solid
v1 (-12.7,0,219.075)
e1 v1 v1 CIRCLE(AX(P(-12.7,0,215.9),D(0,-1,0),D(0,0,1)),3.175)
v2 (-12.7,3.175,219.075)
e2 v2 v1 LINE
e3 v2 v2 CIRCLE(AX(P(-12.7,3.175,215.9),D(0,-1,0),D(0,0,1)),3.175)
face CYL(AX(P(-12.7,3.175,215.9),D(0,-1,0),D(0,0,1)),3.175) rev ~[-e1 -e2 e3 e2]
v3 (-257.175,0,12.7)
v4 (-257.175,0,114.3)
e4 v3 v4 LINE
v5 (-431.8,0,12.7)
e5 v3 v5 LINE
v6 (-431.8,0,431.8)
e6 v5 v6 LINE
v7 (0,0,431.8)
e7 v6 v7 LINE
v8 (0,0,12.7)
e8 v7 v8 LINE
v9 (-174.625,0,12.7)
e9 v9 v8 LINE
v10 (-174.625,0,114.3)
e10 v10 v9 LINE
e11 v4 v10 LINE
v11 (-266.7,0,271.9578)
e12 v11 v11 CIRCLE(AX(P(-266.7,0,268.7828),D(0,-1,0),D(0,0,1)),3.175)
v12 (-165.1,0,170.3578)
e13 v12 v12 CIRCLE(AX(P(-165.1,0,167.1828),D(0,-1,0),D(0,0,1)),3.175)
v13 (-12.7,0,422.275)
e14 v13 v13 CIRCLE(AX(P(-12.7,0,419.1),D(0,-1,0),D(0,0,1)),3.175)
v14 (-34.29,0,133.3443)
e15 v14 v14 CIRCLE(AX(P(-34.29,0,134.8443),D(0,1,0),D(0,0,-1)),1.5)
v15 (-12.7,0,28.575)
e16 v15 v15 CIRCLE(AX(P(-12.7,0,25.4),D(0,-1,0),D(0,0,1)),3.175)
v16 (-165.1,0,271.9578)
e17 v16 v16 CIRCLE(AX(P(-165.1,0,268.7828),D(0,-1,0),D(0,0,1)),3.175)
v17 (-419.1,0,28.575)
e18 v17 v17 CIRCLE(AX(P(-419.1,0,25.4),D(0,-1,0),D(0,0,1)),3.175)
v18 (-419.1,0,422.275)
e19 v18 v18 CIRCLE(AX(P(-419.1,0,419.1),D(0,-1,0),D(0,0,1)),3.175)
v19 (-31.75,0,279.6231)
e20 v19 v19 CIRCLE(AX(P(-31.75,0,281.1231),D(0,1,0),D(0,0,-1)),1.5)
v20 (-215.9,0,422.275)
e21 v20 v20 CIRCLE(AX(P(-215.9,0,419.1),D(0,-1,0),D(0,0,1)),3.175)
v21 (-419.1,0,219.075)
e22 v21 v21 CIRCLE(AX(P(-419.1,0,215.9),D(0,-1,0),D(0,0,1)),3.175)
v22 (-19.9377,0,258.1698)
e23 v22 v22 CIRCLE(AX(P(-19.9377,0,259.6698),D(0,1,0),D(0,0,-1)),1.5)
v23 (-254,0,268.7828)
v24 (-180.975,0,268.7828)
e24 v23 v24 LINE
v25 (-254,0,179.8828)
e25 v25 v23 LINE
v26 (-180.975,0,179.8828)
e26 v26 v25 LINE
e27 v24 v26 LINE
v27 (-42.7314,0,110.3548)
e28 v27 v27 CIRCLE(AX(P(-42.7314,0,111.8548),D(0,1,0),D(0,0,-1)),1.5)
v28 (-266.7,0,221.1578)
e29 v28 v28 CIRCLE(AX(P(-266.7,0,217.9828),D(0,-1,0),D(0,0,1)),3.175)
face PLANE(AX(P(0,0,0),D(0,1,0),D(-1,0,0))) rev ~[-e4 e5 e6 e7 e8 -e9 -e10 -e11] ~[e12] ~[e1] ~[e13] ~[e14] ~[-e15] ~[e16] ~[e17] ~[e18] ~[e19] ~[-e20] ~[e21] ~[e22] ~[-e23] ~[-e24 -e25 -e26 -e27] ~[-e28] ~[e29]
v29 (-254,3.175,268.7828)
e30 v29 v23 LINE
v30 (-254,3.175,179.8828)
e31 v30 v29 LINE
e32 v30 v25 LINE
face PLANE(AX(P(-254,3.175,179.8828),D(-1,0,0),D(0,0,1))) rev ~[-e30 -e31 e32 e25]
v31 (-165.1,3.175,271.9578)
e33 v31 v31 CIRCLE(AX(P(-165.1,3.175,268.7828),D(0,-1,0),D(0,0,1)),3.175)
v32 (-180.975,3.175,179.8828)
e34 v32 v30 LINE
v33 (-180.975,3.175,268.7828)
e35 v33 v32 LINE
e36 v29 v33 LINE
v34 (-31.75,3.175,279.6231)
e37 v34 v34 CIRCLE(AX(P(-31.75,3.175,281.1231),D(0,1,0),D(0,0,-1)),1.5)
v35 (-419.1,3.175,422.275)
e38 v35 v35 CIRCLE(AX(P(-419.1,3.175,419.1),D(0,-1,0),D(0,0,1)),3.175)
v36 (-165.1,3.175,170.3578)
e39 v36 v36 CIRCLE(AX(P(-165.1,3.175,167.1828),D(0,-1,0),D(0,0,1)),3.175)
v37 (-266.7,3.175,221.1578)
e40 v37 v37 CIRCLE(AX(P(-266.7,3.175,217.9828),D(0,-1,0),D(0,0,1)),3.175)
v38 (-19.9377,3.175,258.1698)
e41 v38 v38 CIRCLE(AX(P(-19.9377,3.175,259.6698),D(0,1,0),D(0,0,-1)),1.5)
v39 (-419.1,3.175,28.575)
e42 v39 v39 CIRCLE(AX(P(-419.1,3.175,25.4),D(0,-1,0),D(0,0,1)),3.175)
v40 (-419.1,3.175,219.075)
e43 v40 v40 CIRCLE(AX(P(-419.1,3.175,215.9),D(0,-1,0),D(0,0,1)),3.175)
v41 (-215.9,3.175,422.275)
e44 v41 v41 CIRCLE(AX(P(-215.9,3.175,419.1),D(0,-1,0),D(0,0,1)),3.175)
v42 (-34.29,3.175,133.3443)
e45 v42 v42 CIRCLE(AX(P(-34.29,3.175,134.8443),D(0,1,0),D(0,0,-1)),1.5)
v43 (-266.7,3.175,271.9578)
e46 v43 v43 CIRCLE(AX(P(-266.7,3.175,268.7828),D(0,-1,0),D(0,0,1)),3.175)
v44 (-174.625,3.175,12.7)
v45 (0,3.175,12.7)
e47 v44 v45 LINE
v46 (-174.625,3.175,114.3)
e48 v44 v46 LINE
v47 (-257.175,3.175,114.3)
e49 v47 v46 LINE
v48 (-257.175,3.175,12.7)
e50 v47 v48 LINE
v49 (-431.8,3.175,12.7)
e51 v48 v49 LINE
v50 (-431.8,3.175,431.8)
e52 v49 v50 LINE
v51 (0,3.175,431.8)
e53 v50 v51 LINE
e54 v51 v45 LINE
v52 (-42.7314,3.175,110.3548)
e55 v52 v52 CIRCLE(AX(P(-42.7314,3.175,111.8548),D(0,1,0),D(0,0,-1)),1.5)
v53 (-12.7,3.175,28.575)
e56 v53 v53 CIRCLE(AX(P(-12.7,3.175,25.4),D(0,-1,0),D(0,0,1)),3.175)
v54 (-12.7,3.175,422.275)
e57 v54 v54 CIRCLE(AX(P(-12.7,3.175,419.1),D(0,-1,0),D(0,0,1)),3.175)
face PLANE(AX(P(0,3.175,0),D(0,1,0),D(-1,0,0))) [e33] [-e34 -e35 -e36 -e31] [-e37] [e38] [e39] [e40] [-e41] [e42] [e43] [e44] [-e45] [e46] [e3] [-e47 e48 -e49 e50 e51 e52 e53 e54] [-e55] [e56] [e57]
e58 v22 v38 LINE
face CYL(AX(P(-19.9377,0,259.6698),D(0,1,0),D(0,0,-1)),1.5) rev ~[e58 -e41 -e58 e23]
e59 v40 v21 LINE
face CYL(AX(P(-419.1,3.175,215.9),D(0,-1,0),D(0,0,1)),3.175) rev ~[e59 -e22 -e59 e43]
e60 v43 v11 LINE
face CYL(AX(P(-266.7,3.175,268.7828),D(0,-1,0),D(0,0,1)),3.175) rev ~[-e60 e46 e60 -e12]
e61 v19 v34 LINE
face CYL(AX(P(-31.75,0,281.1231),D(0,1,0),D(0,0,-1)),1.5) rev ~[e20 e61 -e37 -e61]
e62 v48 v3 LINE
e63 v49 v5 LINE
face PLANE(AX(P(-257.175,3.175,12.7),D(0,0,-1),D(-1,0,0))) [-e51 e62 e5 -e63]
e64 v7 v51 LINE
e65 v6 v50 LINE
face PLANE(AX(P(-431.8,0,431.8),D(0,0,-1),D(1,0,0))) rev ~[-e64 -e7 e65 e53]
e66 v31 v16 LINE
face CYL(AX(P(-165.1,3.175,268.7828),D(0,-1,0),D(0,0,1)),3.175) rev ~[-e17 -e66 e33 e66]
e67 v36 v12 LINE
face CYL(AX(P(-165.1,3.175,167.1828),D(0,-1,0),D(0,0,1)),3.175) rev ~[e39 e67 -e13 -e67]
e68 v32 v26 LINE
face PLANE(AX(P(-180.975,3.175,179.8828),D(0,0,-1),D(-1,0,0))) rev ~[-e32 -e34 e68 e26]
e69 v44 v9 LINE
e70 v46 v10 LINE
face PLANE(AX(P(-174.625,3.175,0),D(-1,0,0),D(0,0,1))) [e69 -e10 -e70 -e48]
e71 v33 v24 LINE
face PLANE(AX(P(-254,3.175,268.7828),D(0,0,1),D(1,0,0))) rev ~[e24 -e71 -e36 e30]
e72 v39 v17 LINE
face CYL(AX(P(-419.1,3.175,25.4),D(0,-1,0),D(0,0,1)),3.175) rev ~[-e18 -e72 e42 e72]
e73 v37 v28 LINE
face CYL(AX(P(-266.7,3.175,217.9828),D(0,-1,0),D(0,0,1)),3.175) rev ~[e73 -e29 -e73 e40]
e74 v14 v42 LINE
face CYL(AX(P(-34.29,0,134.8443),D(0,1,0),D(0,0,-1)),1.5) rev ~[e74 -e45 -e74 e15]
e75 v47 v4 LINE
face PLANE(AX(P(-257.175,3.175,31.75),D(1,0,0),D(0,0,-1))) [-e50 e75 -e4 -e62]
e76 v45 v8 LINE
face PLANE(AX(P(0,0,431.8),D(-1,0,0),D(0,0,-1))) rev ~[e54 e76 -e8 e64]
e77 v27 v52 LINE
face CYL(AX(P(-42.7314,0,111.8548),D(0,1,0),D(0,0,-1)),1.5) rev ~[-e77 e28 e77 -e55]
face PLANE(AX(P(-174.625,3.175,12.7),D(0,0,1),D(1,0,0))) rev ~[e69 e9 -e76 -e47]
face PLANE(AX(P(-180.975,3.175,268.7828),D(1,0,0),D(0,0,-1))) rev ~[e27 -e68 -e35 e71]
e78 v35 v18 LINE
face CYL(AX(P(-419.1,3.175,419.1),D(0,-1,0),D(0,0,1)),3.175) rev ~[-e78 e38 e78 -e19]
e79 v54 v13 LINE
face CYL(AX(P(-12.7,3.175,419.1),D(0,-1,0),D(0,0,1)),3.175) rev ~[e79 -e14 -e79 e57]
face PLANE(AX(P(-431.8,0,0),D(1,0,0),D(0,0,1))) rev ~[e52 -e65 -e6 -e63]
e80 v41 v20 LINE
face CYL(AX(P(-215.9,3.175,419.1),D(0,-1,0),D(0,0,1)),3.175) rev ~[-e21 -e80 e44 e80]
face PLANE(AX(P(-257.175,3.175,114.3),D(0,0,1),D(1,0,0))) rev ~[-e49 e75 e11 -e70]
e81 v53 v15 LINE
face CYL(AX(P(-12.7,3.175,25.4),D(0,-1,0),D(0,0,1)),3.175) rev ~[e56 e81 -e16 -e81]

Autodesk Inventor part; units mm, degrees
ref_plane "YZ Plane" through (0, 0, 0) normal (1, 0, 0) x (0, 1, 0)
ref_plane "XZ Plane" through (0, 0, 0) normal (0, 1, 0) x (-1, 0, 0)
ref_plane "XY Plane" through (0, 0, 0) normal (0, 0, 1) x (1, 0, 0)
sketch "Sketch1" plane through (0, 0, 0) normal (0, 1, 0) x (-1, 0, 0)
  line L0 (0, 0) -> (431.8, 0)
  line L1 (431.8, 0) -> (431.8, 431.8)
  line L2 (431.8, 431.8) -> (0, 431.8)
  line L3 (0, 431.8) -> (0, 0)
  dimension "d0" = 431.8
  dimension "d2" = 431.8
extrude "Extrusion1" add sketch "Sketch1" along normal blind 3.175
sketch "Sketch2" plane through (0, 3.175, 0) normal (0, 1, 0) x (1, 0, 0)
  line L0 (0, 0) -> (-431.8, 0) projected
  line L1 (-431.8, 0) -> (-431.8, -431.8) projected
  line L2 (-431.8, -431.8) -> (0, -431.8) projected
  line L3 (0, -431.8) -> (0, 0) projected
  line L4 (-257.175, -114.3) -> (-174.625, -114.3)
  line L5 (-174.625, -114.3) -> (-174.625, -19.05)
  line L6 (-257.175, -31.75) -> (-257.175, -114.3)
  line L7 (0, -215.9) -> (-431.8, -215.9)
  line L8 (-174.625, 0) -> (-174.625, -19.05)
  line L9 (-257.175, -31.75) -> (-257.175, 0)
  line L10 (-215.9, -431.8) -> (-215.9, -215.9)
  dimension "d5" = 82.55
  dimension "d7" = 82.55
  dimension "d8" = 215.9
  dimension "d9" = 101.6
  dimension "d10" = 41.275
  dimension "d51" = 174.625
  dimension "d52" = 174.625
extrude "Extrusion2" cut sketch "Sketch2" against normal blind 3.175 contours L8 L5 L4 L6 L9 L0
sketch "Sketch3" plane through (0, 3.175, 0) normal (0, 1, 0) x (1, 0, 0)
  line L0 (-431.8, 0) -> (-431.8, -431.8) projected
  line L1 (-431.8, -431.8) -> (0, -431.8) projected
  line L2 (-266.7, -268.7828) -> (-165.1, -268.7828)
  line L3 (-165.1, -268.7828) -> (-165.1, -167.1828)
  line L4 (-165.1, -167.1828) -> (-266.7, -167.1828)
  line L5 (-266.7, -167.1828) -> (-266.7, -268.7828)
  line L6 (-215.9, -167.1828) -> (-215.9, -268.7828)
  line L7 (-165.1, -217.9828) -> (-266.7, -217.9828)
  line L8 (0, -431.8) -> (0, 0) projected
  dimension "d13" = 101.6
  dimension "d15" = 101.6
  dimension "d18" = 215.9
  dimension "d19" = 213.8172
  dimension "d55" = 50.8
  dimension "d56" = 50.8
  dimension "d57" = 215.9
hole "Hole1" at (-165.1, 3.175, 167.1828) at (-266.7, 3.175, 217.9828) at (-266.7, 3.175, 268.7828) at (-165.1, 3.175, 268.7828) direction (0, -1, 0) diameter 6.35 end through all
sketch "Sketch4" plane through (0, 3.175, 0) normal (0, 1, 0) x (1, 0, 0)
  circle A0 centre (-165.1, -167.1828) radius 3.175 projected
  circle A1 centre (-266.7, -217.9828) radius 3.175 projected
  circle A2 centre (-165.1, -268.7828) radius 3.175 projected
  line L0 (-254, -268.7828) -> (-180.975, -268.7828)
  line L1 (-180.975, -268.7828) -> (-180.975, -179.8828)
  line L2 (-180.975, -179.8828) -> (-254, -179.8828)
  line L3 (-254, -179.8828) -> (-254, -268.7828)
  line L4 (-431.8, 0) -> (-431.8, -431.8) projected
  line L5 (0, -431.8) -> (0, 0) projected
  dimension "d27" = 12.7
  dimension "d28" = 12.7
  dimension "d29" = 12.7
  dimension "d30" = 88.9
  dimension "d53" = 177.8
  dimension "d54" = 180.975
extrude "Extrusion3" cut sketch "Sketch4" against normal blind 3.175 contours L3 L2 L1 L0
sketch "Sketch5" plane through (0, 3.175, 0) normal (0, 1, 0) x (1, 0, 0)
  line L0 (-431.8, 0) -> (-431.8, -431.8) projected
  line L1 (-431.8, -431.8) -> (0, -431.8) projected
  line L2 (0, -431.8) -> (0, 0) projected
  point P0 (-419.1, -215.9)
  point P1 (-215.9, -419.1)
  point P2 (-12.7, -215.9)
  dimension "d33" = 12.7
  dimension "d34" = 12.7
  dimension "d35" = 12.7
  dimension "d36" = 215.9
  dimension "d37" = 215.9
  dimension "d38" = 215.9
hole "Hole2" at (-419.1, 3.175, 215.9) at (-215.9, 3.175, 419.1) at (-12.7, 3.175, 215.9) direction (0, -1, 0) diameter 6.35 end through all
sketch "Sketch6" plane through (0, 3.175, 0) normal (0, 1, 0) x (1, 0, 0)
  line L0 (0, -431.8) -> (0, 0) projected
  line L1 (0, 0) -> (-174.625, 0) projected
  line L2 (-174.625, 0) -> (-174.625, -114.3) projected
  line L3 (-174.625, -12.7) -> (0, -12.7)
  dimension "d46" = 12.7
extrude "Extrusion4" cut sketch "Sketch6" against normal blind 25.4
sketch "Sketch7" plane through (0, 3.175, 0) normal (0, 1, 0) x (1, 0, 0)
  line L0 (-257.175, -114.3) -> (-257.175, 0) projected
  line L1 (-257.175, 0) -> (-431.8, 0) projected
  line L2 (-431.8, 0) -> (-431.8, -431.8) projected
  line L3 (-257.175, -12.7) -> (-431.8, -12.7)
  point P0 (0, 0)
  dimension "d58" = 12.7
extrude "Extrusion5" cut sketch "Sketch7" against normal blind 25.4
sketch "Sketch8" plane through (0, 3.175, 0) normal (0, 1, 0) x (1, 0, 0)
  line L0 (-257.175, -12.7) -> (-431.8, -12.7) projected
  line L1 (-431.8, -12.7) -> (-431.8, -431.8) projected
  line L2 (-431.8, -431.8) -> (0, -431.8) projected
  line L3 (0, -431.8) -> (0, -12.7) projected
  line L4 (0, -12.7) -> (-174.625, -12.7) projected
  point P0 (0, 0)
  point P1 (-419.1, -25.4)
  point P2 (-12.7, -25.4)
  point P3 (-419.1, -419.1)
  point P4 (-12.7, -419.1)
  dimension "d59" = 12.7
  dimension "d60" = 12.7
  dimension "d61" = 12.7
  dimension "d62" = 12.7
  dimension "d63" = 12.7
  dimension "d64" = 12.7
  dimension "d65" = 12.7
  dimension "d66" = 12.7
hole "Hole3" at (-419.1, 3.175, 25.4) at (-12.7, 3.175, 25.4) at (-419.1, 3.175, 419.1) at (-12.7, 3.175, 419.1) direction (0, -1, 0) diameter 6.35 end through all
sketch "Sketch9" plane through (0, 0, 0) normal (0, -1, 0) x (1, 0, 0)
  line L0 (0, 431.8) -> (0, 12.7) projected
  point P0 (0, 0)
  point P1 (-34.29, 134.8443)
  dimension "d74" = 34.29
hole "Hole4" at (-34.29, 0, 134.8443) direction (0, 1, 0) diameter 3 end through all
sketch "Sketch10" plane through (0, 0, 0) normal (0, -1, 0) x (1, 0, 0)
  line L0 (0, 431.8) -> (0, 12.7) projected
  point P0 (0, 0)
  point P1 (-31.75, 281.1231)
  dimension "d82" = 31.75
hole "Hole5" at (-31.75, 0, 281.1231) direction (0, 1, 0) diameter 3 end through all
sketch "Sketch12" plane through (0, 0, 0) normal (0, -1, 0) x (1, 0, 0)
  circle A0 centre (-34.29, 134.8443) radius 1.5 projected
  line L0 (0, 431.8) -> (0, 12.7) projected
  line L1 (-34.29, 134.8443) -> (-50.0054, 119.1289)
  line L2 (-50.0054, 119.1289) -> (-42.7314, 111.8548)
  point P0 (0, 0)
  dimension "d108" = 45
  dimension "d109" = 22.225
  dimension "d110" = 10.287
hole "Hole7" at (-42.7314, 0, 111.8548) direction (0, 1, 0) diameter 3 depth 25.4 tip angle 118
sketch "Sketch13" plane through (0, 0, 0) normal (0, -1, 0) x (1, 0, 0)
  circle A0 centre (-31.75, 281.1231) radius 1.5 projected
  line L0 (0, 431.8) -> (0, 12.7) projected
  line L1 (-31.75, 281.1231) -> (-30.1997, 258.9522)
  line L2 (-30.1997, 258.9522) -> (-19.9377, 259.6698)
  point P0 (0, 0)
  dimension "d118" = 4
  dimension "d119" = 22.225
  dimension "d120" = 10.287
hole "Hole8" at (-19.9377, 0, 259.6698) direction (0, 1, 0) diameter 3 depth 25.4 tip angle 118
properties part number "New BottomHopper Plate" material "Aluminum 6061"
